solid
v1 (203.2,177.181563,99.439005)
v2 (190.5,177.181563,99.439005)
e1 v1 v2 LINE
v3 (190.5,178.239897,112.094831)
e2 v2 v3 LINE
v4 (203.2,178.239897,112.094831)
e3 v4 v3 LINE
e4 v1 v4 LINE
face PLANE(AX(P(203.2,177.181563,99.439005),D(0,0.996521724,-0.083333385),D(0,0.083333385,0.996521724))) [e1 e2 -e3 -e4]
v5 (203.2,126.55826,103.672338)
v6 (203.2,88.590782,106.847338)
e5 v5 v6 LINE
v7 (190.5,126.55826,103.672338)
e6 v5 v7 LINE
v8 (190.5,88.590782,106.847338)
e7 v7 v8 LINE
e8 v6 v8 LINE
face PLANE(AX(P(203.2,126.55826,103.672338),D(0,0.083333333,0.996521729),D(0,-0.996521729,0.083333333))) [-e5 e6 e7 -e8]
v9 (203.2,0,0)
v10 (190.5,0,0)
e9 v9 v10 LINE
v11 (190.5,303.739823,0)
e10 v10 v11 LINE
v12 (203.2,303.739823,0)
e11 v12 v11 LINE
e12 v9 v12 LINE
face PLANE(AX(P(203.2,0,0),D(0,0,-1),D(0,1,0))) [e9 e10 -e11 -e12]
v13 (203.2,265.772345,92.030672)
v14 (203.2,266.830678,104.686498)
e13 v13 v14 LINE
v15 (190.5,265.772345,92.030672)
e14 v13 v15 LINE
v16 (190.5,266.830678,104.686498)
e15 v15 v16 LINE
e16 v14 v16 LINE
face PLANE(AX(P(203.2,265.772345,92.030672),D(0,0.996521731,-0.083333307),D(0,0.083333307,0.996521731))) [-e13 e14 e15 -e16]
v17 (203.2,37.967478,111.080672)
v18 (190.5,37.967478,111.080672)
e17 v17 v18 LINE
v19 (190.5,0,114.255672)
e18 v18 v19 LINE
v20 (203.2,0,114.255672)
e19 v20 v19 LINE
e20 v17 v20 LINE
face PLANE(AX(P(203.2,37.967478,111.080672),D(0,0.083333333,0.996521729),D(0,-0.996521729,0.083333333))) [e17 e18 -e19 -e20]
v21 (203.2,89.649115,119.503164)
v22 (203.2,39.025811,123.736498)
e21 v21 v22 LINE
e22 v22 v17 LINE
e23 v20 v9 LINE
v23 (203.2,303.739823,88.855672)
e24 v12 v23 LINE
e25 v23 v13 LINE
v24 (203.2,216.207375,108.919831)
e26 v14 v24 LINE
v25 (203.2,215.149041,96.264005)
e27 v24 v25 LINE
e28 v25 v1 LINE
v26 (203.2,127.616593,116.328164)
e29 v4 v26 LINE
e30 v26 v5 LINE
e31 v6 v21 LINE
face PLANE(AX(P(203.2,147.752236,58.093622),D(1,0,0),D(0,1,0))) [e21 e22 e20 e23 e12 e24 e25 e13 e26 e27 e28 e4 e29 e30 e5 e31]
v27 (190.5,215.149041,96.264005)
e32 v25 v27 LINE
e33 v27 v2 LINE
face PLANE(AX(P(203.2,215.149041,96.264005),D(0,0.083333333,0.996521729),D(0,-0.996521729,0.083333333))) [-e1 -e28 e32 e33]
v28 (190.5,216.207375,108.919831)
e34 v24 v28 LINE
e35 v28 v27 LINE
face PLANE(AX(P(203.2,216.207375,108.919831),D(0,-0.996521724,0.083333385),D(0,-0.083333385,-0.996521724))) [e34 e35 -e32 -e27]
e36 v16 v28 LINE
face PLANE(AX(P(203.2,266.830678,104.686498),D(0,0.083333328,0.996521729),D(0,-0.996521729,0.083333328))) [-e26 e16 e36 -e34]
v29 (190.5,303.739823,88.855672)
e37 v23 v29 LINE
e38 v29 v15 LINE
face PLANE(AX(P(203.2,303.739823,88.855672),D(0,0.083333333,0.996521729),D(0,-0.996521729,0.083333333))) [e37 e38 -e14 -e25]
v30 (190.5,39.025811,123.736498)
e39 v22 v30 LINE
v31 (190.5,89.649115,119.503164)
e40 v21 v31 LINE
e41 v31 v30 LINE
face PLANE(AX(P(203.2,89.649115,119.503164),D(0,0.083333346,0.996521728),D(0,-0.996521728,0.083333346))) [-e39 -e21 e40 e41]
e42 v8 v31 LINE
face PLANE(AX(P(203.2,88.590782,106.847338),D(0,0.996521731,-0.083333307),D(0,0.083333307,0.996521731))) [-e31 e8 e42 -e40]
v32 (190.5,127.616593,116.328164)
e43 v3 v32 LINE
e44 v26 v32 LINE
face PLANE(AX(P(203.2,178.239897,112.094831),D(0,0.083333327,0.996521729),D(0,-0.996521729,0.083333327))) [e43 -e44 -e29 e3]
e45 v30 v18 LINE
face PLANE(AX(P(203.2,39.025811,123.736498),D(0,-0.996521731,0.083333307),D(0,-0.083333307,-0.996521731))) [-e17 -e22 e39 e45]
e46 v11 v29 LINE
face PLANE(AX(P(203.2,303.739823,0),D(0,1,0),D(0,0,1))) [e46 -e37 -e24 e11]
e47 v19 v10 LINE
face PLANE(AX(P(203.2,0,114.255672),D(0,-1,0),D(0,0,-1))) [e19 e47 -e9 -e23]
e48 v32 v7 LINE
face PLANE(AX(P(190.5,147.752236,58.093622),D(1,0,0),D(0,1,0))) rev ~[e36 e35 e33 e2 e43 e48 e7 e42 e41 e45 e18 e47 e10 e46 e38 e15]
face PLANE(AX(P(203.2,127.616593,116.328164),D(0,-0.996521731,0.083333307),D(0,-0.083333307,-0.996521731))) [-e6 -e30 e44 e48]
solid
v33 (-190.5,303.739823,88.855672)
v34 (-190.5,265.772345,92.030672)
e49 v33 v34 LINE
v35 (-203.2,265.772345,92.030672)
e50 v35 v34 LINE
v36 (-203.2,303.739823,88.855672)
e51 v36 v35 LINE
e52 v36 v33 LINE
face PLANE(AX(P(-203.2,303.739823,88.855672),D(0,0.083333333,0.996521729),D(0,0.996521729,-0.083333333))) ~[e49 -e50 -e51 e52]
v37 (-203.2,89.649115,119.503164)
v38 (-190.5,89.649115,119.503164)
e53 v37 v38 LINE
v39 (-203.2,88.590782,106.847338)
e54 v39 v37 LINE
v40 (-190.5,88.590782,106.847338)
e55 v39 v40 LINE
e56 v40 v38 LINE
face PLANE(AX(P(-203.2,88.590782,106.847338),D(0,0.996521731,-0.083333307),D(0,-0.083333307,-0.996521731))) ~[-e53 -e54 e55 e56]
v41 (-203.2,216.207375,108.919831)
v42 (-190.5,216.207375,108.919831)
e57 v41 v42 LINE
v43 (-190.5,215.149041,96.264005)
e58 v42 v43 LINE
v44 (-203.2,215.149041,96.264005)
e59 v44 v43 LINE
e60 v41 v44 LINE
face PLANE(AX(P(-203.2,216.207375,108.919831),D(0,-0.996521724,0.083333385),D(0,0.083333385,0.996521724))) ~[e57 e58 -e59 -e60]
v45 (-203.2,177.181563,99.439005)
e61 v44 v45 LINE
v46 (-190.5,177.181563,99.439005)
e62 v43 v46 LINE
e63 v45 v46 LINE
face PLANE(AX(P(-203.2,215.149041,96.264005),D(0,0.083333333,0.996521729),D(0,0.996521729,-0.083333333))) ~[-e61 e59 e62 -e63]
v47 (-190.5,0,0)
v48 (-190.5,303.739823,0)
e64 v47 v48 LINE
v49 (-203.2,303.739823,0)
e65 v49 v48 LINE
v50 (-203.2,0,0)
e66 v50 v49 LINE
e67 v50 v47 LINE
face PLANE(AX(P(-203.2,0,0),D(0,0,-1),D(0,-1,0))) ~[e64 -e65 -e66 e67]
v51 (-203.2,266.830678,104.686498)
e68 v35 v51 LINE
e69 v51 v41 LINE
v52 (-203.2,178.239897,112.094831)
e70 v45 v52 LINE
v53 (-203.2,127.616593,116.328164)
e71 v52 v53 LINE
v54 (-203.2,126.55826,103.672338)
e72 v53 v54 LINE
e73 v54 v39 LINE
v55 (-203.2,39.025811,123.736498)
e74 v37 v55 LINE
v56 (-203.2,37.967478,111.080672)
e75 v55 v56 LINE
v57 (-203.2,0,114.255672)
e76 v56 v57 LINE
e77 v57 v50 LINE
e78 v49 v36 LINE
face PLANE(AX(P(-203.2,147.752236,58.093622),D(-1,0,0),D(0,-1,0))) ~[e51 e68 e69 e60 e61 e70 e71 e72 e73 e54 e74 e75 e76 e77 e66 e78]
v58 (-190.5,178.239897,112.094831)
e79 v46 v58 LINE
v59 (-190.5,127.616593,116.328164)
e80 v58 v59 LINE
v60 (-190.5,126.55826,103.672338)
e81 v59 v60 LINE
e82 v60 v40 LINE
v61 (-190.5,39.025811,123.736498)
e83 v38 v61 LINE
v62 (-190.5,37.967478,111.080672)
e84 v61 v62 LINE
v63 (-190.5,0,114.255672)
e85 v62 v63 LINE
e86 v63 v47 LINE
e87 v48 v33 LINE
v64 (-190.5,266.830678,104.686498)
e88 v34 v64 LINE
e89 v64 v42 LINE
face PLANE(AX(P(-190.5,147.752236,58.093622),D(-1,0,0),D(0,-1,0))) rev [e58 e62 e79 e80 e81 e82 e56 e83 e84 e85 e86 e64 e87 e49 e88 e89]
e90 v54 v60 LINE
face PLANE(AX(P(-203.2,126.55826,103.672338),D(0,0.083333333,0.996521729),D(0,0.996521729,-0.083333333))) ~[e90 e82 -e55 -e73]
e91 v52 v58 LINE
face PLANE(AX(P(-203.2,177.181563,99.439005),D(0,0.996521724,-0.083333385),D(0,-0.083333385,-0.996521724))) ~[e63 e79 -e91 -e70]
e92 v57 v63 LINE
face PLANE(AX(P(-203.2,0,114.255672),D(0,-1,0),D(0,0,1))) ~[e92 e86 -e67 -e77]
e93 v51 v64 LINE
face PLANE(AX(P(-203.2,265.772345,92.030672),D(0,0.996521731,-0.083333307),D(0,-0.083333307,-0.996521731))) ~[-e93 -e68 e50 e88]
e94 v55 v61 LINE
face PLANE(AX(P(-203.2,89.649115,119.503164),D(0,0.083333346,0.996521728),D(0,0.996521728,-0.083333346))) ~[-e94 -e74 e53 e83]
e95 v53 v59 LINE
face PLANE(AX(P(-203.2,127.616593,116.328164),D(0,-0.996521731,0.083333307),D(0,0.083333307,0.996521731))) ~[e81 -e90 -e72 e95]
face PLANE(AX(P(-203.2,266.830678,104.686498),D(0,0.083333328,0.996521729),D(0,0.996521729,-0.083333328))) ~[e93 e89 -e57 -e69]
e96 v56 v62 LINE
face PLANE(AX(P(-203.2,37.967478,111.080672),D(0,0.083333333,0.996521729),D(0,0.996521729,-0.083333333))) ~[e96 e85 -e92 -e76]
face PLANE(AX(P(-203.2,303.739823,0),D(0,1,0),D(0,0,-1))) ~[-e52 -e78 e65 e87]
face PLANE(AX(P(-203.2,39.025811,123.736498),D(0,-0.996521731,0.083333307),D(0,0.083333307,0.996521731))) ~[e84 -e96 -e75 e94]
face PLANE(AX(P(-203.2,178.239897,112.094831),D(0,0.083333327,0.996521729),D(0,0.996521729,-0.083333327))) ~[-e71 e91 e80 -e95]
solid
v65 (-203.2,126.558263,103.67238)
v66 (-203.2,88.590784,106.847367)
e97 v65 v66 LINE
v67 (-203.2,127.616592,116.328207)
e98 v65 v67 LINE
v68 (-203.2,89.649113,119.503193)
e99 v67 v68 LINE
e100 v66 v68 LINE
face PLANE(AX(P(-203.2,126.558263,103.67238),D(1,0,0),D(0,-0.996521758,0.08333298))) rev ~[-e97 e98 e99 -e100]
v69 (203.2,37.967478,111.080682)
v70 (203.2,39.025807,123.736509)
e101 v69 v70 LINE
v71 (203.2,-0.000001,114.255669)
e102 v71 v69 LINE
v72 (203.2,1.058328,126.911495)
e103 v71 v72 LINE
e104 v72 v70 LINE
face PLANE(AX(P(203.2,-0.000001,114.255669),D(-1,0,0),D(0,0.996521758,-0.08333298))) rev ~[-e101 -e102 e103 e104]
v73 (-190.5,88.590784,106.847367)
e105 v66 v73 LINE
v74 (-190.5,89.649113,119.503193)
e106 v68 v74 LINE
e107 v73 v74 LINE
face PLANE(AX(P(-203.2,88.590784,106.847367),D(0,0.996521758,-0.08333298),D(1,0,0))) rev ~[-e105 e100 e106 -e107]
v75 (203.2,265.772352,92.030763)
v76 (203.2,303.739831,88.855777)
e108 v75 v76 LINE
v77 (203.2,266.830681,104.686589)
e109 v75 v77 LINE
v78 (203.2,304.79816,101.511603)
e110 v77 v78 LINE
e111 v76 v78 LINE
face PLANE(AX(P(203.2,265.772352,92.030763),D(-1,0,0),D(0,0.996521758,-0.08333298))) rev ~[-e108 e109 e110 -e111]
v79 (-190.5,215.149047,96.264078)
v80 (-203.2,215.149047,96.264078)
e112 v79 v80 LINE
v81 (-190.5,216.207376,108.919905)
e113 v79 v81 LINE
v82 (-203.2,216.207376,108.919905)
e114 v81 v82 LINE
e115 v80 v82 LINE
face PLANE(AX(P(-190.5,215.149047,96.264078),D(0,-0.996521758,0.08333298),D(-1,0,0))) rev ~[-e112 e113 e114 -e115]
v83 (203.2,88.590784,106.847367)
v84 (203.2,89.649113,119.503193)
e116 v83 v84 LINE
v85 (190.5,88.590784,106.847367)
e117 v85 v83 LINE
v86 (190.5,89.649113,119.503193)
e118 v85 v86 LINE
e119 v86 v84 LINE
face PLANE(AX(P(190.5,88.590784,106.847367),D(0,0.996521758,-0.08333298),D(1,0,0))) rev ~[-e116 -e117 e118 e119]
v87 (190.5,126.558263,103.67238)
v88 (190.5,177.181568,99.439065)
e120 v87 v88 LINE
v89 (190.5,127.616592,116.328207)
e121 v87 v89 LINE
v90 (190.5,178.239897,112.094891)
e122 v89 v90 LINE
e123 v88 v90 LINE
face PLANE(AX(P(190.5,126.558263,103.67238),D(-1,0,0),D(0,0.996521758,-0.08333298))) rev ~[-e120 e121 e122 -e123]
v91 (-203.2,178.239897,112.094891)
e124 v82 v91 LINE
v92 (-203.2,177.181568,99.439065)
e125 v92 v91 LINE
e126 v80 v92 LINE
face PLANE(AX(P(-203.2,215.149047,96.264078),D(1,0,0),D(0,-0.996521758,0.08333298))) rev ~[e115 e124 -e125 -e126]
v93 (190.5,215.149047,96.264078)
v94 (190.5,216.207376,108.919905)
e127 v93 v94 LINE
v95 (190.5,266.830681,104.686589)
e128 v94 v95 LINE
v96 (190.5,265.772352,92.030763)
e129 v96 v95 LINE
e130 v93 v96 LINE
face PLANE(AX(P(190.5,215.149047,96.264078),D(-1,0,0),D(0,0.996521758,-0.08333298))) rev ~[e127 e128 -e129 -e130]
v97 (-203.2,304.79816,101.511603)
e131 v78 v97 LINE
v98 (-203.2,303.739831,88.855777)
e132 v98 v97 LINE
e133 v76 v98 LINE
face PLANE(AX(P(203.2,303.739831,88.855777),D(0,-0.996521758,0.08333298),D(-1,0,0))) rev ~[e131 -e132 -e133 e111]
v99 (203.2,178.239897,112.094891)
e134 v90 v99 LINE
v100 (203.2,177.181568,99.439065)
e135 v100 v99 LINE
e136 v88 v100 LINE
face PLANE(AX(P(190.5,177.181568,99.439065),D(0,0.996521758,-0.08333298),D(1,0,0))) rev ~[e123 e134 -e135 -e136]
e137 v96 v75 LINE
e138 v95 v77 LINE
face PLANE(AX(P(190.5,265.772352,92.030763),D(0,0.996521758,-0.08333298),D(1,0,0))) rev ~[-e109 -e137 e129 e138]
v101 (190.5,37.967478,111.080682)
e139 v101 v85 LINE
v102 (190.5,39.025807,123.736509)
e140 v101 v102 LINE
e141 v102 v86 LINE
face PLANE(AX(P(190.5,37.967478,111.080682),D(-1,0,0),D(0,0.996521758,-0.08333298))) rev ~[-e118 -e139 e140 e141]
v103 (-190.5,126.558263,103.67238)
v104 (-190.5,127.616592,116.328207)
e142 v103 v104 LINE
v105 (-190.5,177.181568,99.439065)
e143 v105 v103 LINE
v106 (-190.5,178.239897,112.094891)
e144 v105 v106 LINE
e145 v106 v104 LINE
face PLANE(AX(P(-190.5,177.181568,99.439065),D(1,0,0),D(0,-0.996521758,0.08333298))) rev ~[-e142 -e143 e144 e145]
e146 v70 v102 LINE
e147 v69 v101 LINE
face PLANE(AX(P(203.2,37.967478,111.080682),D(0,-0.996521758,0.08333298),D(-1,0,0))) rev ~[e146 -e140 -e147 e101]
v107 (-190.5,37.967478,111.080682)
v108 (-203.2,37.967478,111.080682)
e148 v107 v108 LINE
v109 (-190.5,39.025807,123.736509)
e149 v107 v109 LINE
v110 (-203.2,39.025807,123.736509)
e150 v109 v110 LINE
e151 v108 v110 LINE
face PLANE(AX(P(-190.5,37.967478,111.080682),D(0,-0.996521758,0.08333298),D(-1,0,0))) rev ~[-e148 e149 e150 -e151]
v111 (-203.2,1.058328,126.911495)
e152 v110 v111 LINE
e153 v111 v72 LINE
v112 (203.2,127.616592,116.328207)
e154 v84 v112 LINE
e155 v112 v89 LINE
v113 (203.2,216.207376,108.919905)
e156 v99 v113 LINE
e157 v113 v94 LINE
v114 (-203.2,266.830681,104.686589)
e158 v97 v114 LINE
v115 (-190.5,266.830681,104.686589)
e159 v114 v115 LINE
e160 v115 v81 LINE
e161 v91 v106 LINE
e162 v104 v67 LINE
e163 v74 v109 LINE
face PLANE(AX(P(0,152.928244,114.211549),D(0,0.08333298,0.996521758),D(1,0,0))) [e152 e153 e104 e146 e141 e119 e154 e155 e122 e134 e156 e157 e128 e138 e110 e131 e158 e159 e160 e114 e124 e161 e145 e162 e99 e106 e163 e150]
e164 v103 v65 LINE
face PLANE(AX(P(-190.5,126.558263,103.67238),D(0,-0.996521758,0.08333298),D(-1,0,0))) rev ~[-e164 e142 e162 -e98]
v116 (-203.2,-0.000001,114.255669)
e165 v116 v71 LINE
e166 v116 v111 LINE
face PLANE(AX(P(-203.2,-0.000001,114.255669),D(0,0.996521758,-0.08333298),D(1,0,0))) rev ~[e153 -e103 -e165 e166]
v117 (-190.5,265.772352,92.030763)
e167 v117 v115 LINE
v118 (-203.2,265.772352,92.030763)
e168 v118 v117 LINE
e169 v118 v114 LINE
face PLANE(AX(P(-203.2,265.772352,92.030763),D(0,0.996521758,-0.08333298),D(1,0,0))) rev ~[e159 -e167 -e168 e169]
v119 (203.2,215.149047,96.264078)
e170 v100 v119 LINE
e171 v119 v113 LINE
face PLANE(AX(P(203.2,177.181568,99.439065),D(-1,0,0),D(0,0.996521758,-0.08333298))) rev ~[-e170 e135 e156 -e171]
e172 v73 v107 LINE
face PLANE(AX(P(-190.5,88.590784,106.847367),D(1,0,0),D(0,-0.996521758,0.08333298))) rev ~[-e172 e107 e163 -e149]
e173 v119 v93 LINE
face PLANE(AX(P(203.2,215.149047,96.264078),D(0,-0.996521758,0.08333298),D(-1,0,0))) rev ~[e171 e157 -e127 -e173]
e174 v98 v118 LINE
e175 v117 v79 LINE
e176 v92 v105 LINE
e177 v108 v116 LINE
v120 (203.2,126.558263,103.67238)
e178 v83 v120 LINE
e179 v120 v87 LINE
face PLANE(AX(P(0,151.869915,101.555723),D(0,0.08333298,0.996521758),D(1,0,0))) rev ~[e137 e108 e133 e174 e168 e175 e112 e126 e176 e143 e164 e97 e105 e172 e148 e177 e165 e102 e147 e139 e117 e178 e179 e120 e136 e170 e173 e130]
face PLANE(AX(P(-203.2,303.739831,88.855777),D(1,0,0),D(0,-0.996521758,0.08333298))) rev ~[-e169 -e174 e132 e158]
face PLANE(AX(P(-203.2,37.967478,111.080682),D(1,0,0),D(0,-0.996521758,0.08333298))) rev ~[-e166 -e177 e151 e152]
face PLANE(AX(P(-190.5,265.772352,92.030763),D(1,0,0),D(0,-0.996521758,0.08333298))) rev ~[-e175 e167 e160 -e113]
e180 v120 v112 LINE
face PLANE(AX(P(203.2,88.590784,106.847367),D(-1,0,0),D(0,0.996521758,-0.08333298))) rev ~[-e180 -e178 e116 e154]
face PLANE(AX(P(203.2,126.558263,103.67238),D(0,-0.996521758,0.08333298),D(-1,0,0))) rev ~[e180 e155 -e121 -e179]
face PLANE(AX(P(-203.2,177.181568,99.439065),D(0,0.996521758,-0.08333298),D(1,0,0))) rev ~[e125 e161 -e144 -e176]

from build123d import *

# Parameters (mm, degrees)
F2_DEPTH = 12.7
F5_DEPTH = 12.7


with BuildPart() as f2:
    # F1 (on offset) → F2 (new body)
    with BuildSketch(Plane.YZ.offset(203.2)):
        Polygon((0, 114.255672), (0, 0), (303.739823, 0), (303.739823, 88.855672), (265.772345, 92.030672), (266.830678, 104.686498), (216.207375, 108.919831), (215.149041, 96.264005), (177.181563, 99.439005), (178.239897, 112.094831), (127.616593, 116.328164), (126.55826, 103.672338), (88.590782, 106.847338), (89.649115, 119.503164), (39.025811, 123.736498), (37.967478, 111.080672), align=None)
    extrude(amount=-F2_DEPTH)


with BuildPart() as f3_1:
    # F3: instance of F2
    add(f2.part.mirror(Plane.YZ))


with BuildPart() as f5:
    # F4 (on face) → F5 (new body)
    with BuildSketch(Plane(origin=(0, 9.488188, 113.46223), x_dir=(1, 0, 0), z_dir=(0, 0.083333, 0.996522))):
        Polygon((203.2, 295.278694), (190.5, 295.278694), (-203.2, 295.278694), (-203.2, 257.178694), (-190.5, 257.178694), (-190.5, 206.378694), (-203.2, 206.378694), (-203.2, 168.278694), (-190.5, 168.278694), (-190.5, 117.478694), (-203.2, 117.478694), (-203.2, 79.378694), (-190.5, 79.378694), (-190.5, 28.578694), (-203.2, 28.578694), (-203.2, -9.521306), (203.2, -9.521306), (203.2, 28.578694), (190.5, 28.578694), (190.5, 79.378694), (203.2, 79.378694), (203.2, 117.478694), (190.5, 117.478694), (190.5, 168.278694), (203.2, 168.278694), (203.2, 206.378694), (190.5, 206.378694), (190.5, 257.178694), (203.2, 257.178694), align=None)
    extrude(amount=F5_DEPTH)


solid = Compound([f2.part, f3_1.part, f5.part])
